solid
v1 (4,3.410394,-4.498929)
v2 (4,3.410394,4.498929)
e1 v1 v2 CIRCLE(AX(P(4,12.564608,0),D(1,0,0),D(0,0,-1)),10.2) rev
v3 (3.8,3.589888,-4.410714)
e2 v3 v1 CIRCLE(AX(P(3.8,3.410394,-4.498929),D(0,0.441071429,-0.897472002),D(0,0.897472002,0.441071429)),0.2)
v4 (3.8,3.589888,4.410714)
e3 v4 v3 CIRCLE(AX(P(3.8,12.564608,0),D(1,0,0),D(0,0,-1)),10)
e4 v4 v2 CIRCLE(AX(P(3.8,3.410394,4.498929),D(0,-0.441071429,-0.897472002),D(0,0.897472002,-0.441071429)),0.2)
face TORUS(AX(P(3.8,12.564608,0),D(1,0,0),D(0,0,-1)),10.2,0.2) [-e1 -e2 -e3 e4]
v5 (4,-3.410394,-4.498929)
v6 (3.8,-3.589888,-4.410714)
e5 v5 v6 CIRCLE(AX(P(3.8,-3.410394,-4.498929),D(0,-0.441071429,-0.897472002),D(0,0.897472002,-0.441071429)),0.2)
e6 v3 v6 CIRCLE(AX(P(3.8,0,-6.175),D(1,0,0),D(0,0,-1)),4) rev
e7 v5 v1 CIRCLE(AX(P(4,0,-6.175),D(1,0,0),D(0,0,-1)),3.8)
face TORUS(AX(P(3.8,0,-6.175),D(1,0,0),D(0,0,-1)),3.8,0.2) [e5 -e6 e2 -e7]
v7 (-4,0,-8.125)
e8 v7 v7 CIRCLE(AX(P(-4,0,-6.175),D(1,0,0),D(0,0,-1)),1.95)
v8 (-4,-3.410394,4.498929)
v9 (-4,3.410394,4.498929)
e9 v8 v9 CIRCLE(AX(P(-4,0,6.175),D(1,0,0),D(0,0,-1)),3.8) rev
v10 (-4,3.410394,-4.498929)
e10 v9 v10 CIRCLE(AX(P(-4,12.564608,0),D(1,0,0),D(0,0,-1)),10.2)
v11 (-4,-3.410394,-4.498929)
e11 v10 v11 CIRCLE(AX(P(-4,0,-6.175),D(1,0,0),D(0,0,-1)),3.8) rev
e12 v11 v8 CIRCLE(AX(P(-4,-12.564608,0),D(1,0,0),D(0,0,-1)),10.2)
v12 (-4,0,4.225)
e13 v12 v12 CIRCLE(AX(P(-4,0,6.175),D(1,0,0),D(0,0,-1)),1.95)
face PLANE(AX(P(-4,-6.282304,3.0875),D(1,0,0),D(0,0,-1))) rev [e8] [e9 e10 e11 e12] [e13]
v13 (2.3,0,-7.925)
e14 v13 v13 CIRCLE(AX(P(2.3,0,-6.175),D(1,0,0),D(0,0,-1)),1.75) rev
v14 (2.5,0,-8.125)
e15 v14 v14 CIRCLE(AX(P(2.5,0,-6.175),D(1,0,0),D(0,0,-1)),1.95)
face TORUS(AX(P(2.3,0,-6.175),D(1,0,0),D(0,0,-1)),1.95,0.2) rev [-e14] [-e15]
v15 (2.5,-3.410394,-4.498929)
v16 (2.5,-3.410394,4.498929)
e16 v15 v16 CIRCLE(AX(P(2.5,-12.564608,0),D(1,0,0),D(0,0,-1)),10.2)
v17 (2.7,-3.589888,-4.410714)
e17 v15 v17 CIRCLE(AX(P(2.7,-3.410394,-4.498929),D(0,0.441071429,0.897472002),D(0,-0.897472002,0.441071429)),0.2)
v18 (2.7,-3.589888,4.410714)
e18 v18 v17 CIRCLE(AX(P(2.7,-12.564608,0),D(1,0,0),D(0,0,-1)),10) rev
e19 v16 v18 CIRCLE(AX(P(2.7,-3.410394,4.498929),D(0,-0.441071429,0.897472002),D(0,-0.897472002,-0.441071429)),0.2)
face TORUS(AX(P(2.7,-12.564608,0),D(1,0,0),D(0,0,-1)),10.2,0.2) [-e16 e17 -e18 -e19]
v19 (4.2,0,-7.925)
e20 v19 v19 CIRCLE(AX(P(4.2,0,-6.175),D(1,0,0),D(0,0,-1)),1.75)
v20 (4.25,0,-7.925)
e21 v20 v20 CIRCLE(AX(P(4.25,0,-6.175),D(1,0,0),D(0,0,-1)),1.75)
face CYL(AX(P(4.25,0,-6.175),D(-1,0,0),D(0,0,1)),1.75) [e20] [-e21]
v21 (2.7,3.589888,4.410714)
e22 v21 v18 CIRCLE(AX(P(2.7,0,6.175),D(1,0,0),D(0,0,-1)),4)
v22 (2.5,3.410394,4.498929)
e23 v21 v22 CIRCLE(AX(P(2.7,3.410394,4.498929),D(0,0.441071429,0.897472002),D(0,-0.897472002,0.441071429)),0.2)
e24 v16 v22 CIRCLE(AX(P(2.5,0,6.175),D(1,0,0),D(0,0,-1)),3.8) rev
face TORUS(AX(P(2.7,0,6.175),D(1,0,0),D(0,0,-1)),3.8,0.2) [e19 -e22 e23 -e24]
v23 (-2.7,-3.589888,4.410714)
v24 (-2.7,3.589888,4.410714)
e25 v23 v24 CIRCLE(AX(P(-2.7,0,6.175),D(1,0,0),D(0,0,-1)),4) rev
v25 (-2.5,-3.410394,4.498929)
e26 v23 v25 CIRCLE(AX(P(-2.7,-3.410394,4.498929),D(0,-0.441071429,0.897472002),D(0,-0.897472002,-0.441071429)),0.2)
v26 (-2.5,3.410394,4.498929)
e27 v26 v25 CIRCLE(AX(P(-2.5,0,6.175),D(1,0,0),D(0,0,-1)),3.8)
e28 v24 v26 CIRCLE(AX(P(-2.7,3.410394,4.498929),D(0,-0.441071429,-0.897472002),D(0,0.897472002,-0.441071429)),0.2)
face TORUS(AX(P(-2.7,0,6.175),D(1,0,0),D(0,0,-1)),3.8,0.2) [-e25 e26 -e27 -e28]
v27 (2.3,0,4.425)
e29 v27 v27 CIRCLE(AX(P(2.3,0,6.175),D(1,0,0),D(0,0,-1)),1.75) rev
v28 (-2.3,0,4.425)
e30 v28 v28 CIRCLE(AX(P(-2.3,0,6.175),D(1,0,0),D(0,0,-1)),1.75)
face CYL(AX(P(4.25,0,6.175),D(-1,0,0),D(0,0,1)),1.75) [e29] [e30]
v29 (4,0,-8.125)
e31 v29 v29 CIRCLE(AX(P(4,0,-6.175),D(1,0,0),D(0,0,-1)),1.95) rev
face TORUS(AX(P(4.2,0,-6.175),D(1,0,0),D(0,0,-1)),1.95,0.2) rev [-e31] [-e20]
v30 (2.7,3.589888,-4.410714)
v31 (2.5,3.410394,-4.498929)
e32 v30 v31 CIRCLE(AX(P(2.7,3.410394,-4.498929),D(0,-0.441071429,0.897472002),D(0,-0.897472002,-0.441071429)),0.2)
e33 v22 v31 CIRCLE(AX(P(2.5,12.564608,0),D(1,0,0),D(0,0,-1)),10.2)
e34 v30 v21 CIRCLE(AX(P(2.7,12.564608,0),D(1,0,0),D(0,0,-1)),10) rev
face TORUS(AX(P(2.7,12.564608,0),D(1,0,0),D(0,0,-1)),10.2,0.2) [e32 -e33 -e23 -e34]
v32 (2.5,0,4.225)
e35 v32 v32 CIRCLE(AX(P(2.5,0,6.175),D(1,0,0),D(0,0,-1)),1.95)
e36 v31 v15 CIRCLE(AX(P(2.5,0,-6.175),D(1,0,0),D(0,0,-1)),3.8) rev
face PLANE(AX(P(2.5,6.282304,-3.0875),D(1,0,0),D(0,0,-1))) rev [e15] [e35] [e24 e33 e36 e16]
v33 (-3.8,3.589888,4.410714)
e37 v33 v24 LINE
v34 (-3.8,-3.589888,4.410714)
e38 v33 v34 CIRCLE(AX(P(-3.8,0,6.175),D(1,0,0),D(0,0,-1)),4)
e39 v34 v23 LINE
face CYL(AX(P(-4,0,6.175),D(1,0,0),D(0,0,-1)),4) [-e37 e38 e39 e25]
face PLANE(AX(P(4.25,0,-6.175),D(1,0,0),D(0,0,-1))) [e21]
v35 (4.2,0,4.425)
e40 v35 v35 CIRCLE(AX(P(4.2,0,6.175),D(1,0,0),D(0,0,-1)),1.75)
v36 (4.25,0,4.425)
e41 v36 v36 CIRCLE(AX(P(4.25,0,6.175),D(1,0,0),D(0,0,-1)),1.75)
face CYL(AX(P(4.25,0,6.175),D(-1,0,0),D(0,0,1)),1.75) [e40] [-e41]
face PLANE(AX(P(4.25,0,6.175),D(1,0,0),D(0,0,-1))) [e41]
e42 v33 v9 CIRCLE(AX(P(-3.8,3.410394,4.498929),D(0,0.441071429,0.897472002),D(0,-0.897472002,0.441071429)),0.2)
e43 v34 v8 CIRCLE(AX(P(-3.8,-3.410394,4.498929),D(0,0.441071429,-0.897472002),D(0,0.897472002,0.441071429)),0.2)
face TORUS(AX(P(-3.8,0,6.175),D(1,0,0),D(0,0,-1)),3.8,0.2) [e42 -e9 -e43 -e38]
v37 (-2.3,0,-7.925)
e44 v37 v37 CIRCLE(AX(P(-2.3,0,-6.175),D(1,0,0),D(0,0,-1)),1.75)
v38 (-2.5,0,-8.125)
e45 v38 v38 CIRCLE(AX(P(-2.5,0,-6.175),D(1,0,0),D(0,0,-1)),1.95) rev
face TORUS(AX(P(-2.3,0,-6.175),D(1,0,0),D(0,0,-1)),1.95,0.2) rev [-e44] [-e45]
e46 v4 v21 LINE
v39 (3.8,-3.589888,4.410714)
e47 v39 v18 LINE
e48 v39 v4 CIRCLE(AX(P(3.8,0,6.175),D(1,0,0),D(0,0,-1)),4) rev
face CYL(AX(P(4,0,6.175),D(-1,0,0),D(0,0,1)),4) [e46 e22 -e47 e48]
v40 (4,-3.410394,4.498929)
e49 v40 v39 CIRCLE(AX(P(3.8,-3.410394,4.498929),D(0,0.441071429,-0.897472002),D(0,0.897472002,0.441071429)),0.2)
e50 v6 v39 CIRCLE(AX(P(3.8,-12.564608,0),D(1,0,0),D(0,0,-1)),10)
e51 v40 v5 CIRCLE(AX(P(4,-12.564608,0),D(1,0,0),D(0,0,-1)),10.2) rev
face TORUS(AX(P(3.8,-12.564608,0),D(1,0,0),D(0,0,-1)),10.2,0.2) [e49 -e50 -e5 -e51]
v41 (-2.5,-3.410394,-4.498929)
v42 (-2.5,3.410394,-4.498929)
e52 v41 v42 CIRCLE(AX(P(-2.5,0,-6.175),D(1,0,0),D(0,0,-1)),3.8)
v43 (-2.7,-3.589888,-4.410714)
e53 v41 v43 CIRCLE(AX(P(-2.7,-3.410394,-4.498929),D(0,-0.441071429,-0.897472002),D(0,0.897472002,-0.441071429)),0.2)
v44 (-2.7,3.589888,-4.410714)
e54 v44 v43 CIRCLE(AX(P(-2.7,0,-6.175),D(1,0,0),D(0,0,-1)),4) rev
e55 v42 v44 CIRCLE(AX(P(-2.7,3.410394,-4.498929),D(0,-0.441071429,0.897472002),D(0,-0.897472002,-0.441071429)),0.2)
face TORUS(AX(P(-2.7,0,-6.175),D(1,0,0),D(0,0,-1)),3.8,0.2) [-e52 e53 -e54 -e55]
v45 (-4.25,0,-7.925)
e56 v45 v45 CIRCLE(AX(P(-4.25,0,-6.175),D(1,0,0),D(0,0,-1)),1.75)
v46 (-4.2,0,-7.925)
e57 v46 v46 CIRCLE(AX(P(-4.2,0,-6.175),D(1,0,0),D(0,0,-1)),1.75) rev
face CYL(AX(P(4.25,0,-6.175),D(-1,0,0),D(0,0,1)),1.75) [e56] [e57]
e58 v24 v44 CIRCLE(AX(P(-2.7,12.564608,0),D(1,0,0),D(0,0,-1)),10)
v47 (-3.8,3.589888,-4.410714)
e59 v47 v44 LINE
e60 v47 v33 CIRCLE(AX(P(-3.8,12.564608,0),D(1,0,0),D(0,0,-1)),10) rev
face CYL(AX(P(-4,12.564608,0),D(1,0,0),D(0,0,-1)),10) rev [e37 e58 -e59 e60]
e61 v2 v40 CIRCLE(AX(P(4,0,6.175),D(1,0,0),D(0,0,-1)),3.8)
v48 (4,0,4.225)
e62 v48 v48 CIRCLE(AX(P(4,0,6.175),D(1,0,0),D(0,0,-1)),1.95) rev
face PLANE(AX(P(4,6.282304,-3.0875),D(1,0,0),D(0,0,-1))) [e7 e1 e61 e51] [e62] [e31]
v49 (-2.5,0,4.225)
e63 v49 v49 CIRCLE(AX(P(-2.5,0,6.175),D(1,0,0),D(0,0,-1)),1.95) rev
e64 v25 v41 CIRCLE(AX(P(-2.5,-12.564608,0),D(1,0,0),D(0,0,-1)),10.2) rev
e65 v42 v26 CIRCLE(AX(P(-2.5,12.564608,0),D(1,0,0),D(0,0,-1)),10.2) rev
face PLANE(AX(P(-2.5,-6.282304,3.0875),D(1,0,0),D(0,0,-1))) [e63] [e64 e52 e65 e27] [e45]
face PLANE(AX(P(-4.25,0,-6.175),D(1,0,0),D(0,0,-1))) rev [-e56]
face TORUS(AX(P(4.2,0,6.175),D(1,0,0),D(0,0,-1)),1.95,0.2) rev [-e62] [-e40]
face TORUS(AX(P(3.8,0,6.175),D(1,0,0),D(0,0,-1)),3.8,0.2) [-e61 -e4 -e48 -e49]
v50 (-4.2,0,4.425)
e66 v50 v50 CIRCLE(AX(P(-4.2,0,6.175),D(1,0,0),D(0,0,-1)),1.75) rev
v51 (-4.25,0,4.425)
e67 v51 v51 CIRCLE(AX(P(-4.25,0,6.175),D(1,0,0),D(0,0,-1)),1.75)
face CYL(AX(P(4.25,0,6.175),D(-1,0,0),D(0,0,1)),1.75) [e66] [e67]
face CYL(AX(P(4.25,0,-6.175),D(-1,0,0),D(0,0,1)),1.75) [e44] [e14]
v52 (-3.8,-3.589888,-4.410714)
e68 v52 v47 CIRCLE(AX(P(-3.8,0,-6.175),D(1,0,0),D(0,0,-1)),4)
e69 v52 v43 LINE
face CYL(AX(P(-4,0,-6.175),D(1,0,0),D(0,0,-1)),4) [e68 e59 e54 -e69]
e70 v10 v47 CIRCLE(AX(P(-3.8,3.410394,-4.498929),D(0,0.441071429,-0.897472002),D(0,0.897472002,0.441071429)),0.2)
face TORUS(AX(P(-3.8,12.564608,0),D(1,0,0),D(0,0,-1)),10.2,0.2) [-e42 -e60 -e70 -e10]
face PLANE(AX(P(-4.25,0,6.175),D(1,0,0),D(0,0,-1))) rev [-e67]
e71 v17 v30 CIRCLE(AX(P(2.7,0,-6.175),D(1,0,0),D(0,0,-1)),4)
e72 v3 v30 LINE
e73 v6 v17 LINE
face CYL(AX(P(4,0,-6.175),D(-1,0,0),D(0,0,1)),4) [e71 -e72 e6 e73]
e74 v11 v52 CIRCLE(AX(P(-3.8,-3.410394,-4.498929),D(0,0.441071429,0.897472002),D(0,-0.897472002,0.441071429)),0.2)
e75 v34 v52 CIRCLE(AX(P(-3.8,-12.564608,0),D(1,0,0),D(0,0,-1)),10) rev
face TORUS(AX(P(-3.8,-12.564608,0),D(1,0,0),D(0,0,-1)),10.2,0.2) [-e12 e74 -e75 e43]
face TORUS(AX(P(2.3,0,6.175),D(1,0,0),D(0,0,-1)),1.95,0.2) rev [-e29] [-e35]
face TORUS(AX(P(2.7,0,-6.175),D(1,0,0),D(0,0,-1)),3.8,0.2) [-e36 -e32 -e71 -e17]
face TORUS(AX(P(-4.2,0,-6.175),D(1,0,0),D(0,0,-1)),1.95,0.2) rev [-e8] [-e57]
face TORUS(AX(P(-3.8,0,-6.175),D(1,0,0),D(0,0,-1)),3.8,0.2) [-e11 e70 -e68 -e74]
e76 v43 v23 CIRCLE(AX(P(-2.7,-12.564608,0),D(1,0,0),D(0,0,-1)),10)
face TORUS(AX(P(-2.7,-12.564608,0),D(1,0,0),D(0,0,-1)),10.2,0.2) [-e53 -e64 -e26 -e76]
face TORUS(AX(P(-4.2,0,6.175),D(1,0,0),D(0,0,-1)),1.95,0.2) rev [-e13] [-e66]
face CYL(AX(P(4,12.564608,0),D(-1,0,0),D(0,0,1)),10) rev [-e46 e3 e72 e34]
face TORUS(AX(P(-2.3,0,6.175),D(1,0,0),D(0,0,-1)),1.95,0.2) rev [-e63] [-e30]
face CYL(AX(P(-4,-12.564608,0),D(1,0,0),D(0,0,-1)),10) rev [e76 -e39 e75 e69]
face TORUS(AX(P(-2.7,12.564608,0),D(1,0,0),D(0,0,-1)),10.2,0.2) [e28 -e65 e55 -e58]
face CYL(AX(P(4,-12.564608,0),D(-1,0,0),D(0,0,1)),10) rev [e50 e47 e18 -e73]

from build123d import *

# Parameters (mm, degrees)
SALIENTE_EXTRUIR1_START = 2.5
CROQUIS1_R              = 1.75
SALIENTE_EXTRUIR1_DEPTH = 1.5
SALIENTE_EXTRUIR2_START = -2.5
CROQUIS2_R              = 1.75
SALIENTE_EXTRUIR2_DEPTH = 1.5
CROQUIS3_R              = 1.75
SALIENTE_EXTRUIR3_DEPTH = 4.25
REDONDEO1_R             = 0.2


with BuildPart() as part:
    # Croquis1 → Saliente-Extruir1 (new body)
    with BuildSketch(Plane(origin=(0, 0, 0), x_dir=(0, 0, -1), z_dir=(1, 0, 0)).offset(SALIENTE_EXTRUIR1_START)):
        with BuildLine():
            ThreePointArc((-4.410714286, 3.589888009), (-10.175, 0), (-4.410714286, -3.589888009))
            ThreePointArc((-4.410714286, -3.589888009), (0, -2.564608032), (4.410714286, -3.589888009))
            ThreePointArc((4.410714286, -3.589888009), (10.175, 0), (4.410714286, 3.589888009))
            ThreePointArc((4.410714286, 3.589888009), (0, 2.564608032), (-4.410714286, 3.589888009))
        make_face()
        with Locations((-6.175, 0)):
            Circle(CROQUIS1_R, mode=Mode.SUBTRACT)
        with Locations((6.175, 0)):
            Circle(CROQUIS1_R, mode=Mode.SUBTRACT)
    extrude(amount=SALIENTE_EXTRUIR1_DEPTH)



with BuildPart() as body_2:
    # Croquis2 → Saliente-Extruir2 (new body)
    with BuildSketch(Plane(origin=(0, 0, 0), x_dir=(0, 0, -1), z_dir=(1, 0, 0)).offset(SALIENTE_EXTRUIR2_START)):
        with BuildLine():
            ThreePointArc((-4.410714286, 3.589888009), (0, 2.564608032), (4.410714286, 3.589888009))
            ThreePointArc((4.410714286, 3.589888009), (10.175, 0), (4.410714286, -3.589888009))
            ThreePointArc((4.410714286, -3.589888009), (0, -2.564608032), (-4.410714286, -3.589888009))
            ThreePointArc((-4.410714286, -3.589888009), (-10.175, 0), (-4.410714286, 3.589888009))
        make_face()
        with Locations((6.175, 0)):
            Circle(CROQUIS2_R, mode=Mode.SUBTRACT)
        with Locations((-6.175, 0)):
            Circle(CROQUIS2_R, mode=Mode.SUBTRACT)
    extrude(amount=-SALIENTE_EXTRUIR2_DEPTH)


with BuildPart() as part_1:
    add(part.part)

    add(body_2.part)  # Saliente-Extruir3 merges body 2
    # Croquis3 → Saliente-Extruir3 (add, symmetric)
    with BuildSketch(Plane(origin=(0, 0, 0), x_dir=(0, 0, -1), z_dir=(1, 0, 0))):
        with Locations((6.175, 0)):
            Circle(CROQUIS3_R)
        with Locations((-6.175, 0)):
            Circle(CROQUIS3_R)
    extrude(amount=SALIENTE_EXTRUIR3_DEPTH, both=True)

    # Redondeo1
    redondeo1_edges = [part_1.edges().sort_by_distance(p)[0] for p in [
        (4, 0, 7.925),
        (4, -2.564608032, 0),
        (4, 0, -4.425),
        (4, 0, -10.175),
        (2.5, 0, -4.425),
        (-4, 0, -4.425),
        (-4, 0, 10.175),
        (-4, 2.564608032, 0),
        (-4, 0, -10.175),
        (-4, -2.564608032, 0),
        (-2.5, 0, 10.175),
        (-2.5, -2.564608032, 0),
        (-2.5, 0, -10.175),
        (-2.5, 2.564608032, 0),
        (-2.5, 0, -4.425),
        (-2.5, 0, 7.925),
        (2.5, 0, 7.925),
        (-4, 0, 7.925),
        (4, 2.564608032, 0),
        (2.5, 0, -10.175),
        (2.5, -2.564608032, 0),
        (2.5, 0, 10.175),
        (2.5, 2.564608032, 0),
        (4, 0, 10.175),
    ]]
    fillet(redondeo1_edges, radius=REDONDEO1_R)


solid = part_1.part
